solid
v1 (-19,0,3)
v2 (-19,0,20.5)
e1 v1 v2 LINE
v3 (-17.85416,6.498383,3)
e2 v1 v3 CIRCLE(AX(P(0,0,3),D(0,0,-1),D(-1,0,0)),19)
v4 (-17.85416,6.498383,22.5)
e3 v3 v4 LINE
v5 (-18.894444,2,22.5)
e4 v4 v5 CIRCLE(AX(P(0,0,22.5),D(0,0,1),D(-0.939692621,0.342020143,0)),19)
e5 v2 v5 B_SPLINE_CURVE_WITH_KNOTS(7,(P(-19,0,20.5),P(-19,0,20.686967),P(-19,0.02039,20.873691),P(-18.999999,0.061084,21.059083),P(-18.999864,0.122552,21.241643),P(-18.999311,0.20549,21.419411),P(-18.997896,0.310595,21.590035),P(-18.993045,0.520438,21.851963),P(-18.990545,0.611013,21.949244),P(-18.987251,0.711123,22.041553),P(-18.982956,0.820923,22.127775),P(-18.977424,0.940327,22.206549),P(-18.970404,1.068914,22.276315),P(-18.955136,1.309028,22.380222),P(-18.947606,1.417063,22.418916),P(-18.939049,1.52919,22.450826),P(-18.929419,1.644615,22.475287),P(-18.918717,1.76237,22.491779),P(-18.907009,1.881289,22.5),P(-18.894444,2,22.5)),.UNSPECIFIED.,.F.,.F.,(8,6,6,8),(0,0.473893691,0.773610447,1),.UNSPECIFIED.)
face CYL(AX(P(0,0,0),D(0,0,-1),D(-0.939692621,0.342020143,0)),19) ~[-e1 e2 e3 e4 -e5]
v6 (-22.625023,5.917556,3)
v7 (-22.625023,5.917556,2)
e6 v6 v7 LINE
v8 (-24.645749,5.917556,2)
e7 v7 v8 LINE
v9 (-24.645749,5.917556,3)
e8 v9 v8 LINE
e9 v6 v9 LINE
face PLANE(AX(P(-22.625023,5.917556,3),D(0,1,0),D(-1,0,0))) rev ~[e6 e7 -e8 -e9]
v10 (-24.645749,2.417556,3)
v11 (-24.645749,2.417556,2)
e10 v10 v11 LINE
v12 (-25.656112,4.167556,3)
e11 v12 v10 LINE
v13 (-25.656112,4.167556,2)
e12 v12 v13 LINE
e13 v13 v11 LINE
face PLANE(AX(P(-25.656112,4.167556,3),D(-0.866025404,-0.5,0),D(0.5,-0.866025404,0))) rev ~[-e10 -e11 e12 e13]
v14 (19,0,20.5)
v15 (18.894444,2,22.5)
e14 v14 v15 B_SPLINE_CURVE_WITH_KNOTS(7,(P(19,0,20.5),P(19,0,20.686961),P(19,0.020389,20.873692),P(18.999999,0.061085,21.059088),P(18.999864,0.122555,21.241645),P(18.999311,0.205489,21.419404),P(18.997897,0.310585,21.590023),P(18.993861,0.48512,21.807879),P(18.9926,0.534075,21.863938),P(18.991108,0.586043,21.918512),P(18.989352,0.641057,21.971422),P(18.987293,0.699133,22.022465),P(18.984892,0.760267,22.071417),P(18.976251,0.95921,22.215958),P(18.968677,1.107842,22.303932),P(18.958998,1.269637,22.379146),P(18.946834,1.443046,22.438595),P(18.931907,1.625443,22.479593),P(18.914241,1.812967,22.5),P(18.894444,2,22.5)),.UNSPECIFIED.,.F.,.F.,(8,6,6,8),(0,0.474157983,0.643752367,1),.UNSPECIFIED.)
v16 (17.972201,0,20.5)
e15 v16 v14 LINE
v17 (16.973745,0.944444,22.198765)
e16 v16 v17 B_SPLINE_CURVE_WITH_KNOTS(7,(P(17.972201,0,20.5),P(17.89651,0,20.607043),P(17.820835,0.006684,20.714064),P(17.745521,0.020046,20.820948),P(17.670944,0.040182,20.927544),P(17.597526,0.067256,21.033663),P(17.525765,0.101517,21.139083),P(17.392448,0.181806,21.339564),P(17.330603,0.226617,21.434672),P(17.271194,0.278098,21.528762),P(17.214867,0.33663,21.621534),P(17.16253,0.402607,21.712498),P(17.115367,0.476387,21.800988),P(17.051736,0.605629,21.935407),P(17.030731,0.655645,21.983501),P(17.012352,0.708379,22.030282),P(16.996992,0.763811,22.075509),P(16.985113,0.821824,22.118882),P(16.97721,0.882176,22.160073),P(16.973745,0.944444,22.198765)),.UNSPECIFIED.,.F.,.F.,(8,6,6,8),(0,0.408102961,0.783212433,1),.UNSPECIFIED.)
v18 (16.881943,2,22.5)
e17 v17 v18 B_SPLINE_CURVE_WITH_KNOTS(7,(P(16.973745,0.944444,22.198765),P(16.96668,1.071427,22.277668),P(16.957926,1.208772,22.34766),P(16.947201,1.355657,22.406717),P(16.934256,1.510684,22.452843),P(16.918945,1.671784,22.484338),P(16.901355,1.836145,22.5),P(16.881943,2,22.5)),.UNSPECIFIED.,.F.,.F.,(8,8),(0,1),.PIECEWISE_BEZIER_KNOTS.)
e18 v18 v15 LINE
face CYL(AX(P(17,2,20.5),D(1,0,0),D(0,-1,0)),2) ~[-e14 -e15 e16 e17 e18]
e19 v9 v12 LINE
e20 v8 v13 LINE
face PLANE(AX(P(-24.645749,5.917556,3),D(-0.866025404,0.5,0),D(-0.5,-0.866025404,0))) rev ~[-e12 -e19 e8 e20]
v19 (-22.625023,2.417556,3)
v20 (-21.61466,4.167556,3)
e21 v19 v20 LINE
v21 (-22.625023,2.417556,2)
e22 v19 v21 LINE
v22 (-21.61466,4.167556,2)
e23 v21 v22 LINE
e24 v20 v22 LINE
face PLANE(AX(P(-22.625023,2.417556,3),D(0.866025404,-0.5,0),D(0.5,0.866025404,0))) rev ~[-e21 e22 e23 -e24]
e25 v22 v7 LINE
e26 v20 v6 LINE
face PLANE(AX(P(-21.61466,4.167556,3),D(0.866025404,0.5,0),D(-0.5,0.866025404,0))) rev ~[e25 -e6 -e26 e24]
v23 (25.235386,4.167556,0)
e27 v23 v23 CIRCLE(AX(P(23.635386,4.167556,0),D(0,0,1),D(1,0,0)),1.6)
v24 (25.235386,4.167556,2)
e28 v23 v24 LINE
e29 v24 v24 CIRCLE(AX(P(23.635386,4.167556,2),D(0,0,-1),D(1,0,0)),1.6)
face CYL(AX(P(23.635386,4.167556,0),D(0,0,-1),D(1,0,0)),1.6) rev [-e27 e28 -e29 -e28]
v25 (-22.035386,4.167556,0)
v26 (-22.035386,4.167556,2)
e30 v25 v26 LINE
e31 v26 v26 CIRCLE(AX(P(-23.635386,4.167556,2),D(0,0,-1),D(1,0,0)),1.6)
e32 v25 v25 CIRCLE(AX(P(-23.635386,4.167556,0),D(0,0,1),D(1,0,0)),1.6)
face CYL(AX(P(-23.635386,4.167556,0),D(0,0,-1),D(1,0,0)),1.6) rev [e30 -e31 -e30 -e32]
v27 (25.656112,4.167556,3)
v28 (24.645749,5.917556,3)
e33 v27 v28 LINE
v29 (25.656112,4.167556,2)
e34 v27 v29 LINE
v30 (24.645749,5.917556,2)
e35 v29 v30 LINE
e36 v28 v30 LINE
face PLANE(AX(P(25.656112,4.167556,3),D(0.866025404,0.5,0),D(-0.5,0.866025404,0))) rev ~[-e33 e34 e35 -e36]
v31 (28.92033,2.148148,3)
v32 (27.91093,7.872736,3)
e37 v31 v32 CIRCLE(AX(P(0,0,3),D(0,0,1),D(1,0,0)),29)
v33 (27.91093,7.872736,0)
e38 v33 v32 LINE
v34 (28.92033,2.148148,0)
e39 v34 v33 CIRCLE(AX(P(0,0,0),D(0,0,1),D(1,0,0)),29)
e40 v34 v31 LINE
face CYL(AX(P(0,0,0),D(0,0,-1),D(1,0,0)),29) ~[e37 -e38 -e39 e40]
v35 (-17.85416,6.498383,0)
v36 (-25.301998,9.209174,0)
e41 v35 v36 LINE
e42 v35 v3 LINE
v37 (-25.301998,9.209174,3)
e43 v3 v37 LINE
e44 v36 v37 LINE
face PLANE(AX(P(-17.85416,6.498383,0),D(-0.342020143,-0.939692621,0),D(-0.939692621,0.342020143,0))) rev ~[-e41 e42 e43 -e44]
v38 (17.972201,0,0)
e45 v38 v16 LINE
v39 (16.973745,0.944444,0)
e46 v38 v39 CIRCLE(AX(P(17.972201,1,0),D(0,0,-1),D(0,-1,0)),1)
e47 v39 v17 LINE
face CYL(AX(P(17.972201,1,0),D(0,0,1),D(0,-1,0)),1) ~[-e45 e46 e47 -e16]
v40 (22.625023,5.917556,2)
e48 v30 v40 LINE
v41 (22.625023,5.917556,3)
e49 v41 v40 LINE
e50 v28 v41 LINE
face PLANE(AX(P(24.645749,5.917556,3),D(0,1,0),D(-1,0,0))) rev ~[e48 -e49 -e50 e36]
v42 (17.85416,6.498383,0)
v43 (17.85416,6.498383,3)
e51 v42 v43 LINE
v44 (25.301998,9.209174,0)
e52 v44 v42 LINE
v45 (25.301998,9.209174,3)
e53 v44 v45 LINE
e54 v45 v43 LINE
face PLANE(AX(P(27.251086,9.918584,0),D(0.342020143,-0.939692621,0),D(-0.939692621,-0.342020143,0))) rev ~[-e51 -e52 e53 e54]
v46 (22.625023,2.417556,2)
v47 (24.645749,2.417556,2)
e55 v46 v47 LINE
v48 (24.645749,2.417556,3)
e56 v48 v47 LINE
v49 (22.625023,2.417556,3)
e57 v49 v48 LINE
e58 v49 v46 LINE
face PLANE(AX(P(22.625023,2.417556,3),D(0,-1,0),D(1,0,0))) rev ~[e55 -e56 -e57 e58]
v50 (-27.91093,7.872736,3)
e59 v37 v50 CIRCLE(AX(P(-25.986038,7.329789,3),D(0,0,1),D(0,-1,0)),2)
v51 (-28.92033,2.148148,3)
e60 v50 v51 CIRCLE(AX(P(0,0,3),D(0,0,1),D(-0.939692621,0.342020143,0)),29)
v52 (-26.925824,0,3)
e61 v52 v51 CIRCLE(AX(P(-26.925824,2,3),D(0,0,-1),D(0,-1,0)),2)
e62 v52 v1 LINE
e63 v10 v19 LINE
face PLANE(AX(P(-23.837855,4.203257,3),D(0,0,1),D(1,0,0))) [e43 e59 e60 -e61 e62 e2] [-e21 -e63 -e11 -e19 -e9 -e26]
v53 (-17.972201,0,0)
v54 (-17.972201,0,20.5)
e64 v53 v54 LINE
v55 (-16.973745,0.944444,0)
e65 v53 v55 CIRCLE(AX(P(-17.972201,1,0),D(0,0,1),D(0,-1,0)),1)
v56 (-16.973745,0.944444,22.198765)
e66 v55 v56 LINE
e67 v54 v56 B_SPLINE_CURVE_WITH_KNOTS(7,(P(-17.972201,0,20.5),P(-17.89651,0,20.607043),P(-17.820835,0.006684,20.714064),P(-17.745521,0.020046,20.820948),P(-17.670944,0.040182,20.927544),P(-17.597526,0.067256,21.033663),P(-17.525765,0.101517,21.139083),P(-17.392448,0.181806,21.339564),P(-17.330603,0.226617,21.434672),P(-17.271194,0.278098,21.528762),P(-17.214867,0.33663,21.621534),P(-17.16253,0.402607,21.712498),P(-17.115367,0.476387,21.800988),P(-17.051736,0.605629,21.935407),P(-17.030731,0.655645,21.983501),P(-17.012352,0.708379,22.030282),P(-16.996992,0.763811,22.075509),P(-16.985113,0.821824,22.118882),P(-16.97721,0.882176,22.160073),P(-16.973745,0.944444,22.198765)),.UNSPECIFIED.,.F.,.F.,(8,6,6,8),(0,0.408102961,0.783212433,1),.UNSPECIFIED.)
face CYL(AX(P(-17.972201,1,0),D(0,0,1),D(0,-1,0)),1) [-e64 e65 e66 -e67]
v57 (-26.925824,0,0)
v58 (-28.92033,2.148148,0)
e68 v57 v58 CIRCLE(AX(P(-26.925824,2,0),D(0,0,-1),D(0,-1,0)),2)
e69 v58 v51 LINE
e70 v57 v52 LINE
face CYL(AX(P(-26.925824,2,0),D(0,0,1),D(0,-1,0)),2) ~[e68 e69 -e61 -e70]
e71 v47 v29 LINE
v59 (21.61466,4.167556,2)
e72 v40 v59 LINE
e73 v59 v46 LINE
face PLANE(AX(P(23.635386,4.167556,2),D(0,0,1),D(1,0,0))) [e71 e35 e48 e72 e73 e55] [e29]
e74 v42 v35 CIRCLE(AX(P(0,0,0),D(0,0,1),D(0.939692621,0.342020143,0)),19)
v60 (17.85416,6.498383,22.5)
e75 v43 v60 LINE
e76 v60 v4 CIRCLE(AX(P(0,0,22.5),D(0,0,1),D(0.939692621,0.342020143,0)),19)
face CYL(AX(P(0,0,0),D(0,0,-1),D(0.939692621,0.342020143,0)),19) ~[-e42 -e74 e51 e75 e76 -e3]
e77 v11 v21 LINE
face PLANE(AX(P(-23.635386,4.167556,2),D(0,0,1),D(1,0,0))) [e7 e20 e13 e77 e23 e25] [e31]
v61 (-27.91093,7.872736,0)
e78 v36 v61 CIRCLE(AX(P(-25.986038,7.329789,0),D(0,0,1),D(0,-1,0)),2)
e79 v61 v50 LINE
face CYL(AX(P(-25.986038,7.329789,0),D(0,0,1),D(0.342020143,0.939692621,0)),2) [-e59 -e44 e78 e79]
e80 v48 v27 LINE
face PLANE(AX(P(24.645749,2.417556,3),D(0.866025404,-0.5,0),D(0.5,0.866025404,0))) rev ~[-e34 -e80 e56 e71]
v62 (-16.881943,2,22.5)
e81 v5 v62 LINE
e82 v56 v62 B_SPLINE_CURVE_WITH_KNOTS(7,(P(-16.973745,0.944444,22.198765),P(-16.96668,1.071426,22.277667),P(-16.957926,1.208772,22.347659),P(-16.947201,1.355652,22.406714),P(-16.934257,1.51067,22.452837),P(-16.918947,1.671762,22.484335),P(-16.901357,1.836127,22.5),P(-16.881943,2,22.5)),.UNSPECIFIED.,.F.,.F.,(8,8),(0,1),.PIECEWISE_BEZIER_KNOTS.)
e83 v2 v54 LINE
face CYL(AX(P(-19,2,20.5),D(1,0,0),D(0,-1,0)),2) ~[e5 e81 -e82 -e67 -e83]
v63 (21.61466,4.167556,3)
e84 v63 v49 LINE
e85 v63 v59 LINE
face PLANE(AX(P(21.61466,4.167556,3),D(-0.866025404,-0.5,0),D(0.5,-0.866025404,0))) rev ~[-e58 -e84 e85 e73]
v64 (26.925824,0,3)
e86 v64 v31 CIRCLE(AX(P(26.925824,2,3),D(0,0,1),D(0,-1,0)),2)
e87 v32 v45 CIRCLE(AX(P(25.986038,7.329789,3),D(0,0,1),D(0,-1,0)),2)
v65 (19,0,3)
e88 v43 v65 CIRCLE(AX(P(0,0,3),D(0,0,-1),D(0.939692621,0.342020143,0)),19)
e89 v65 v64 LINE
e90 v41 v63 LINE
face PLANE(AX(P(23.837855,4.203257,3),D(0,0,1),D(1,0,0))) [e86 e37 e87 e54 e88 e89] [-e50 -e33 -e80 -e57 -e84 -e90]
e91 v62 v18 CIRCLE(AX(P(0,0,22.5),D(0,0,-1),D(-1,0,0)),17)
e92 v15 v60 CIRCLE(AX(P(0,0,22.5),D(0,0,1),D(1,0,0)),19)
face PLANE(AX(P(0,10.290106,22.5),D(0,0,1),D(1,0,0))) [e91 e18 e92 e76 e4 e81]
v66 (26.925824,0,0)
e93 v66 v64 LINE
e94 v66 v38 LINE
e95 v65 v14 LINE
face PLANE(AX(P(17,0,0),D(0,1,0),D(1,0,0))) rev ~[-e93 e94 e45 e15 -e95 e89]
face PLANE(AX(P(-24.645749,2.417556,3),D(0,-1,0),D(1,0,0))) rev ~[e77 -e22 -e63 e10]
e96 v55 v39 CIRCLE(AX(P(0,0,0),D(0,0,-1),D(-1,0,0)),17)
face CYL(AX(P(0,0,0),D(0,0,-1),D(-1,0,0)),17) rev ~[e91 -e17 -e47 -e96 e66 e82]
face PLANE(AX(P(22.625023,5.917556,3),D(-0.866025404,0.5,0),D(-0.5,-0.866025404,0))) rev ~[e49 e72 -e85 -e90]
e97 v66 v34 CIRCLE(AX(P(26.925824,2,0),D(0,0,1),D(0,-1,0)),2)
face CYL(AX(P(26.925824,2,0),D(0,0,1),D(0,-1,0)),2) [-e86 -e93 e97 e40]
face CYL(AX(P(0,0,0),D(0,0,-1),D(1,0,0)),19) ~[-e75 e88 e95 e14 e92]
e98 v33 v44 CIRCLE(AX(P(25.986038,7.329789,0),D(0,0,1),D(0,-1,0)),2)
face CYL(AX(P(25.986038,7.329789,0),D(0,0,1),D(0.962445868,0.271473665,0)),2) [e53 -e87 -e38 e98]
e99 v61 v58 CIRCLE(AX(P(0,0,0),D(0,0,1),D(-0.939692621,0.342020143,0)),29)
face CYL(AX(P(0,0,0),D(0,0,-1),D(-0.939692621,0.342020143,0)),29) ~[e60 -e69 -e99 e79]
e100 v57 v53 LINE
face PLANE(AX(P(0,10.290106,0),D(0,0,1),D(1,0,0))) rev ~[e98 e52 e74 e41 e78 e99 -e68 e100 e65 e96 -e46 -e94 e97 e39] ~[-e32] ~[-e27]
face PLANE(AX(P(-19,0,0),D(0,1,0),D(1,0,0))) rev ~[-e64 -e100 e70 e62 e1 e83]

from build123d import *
from OCP.BRepFilletAPI import BRepFilletAPI_MakeFillet

# Parameters (mm, degrees)
SKETCH2_R             = 1.6
BOSS_EXTRUDE1_DEPTH   = 3
BOSS_EXTRUDE1_2_DEPTH = 3
BOSS_EXTRUDE2_DEPTH   = 22.5
FILLET1_R1            = 2
FILLET1_R2            = 1
CUT_EXTRUDE2_DEPTH    = 1


with BuildPart() as part:
    # Sketch2 → Boss-Extrude1 (new body)
    with BuildSketch(Plane.XY):
        with BuildLine():
            ThreePointArc((-19, 0), (-18.711347307, 3.299315376), (-17.854159795, 6.498382723))
            Line((-17.854159795, 6.498382723), (-27.251086003, 9.918584156))
            ThreePointArc((-27.251086003, 9.918584156), (-28.559424837, 5.035797152), (-29, 0))
            Line((-29, 0), (-19, 0))
        make_face()
        with Locations((-23.635386072, 4.167556264)):
            Circle(SKETCH2_R, mode=Mode.SUBTRACT)
    extrude(amount=BOSS_EXTRUDE1_DEPTH)



with BuildPart() as body_2:
    # Sketch2 → Boss-Extrude1 2 (new body)
    with BuildSketch(Plane.XY):
        with BuildLine():
            ThreePointArc((17.854159795, 6.498382723), (18.711347307, 3.299315376), (19, 0))
            Line((19, 0), (29, 0))
            ThreePointArc((29, 0), (28.559424837, 5.035797152), (27.251086003, 9.918584156))
            Line((27.251086003, 9.918584156), (17.854159795, 6.498382723))
        make_face()
        with Locations((23.635386072, 4.167556264)):
            Circle(SKETCH2_R, mode=Mode.SUBTRACT)
    extrude(amount=BOSS_EXTRUDE1_2_DEPTH)


with BuildPart() as part_1:
    add(part.part)

    add(body_2.part)  # Boss-Extrude2 merges body 2
    # Sketch2<3> → Boss-Extrude2 (add)
    with BuildSketch(Plane.XY):
        with BuildLine():
            Line((-19, 0), (-17, 0))
            ThreePointArc((-17, 0), (0, 17), (17, 0))
            Line((17, 0), (19, 0))
            ThreePointArc((19, 0), (18.711347307, 3.299315376), (17.854159795, 6.498382723))
            ThreePointArc((17.854159795, 6.498382723), (0, 19), (-17.854159795, 6.498382723))
            ThreePointArc((-17.854159795, 6.498382723), (-18.711347307, 3.299315376), (-19, 0))
        make_face()
    extrude(amount=BOSS_EXTRUDE2_DEPTH)

    # Fillet1: one fillet with a radius per group of edges: ONE call of the kernel's fillet builder (fillet() takes one radius for all edges)
    fillet1_edges_1 = [part_1.edges().sort_by_distance(p)[0] for p in [
        (-29, 0, 1.5),
        (-27.251086003, 9.918584156, 1.5),
        (-18, 0, 22.5),
        (18, 0, 22.5),
        (29, 0, 1.5),
        (27.251086003, 9.918584156, 1.5),
    ]]
    fillet1_edges_2 = [part_1.edges().sort_by_distance(p)[0] for p in [
        (-17, 0, 11.25),
        (17, 0, 11.25),
    ]]
    fillet1 = BRepFilletAPI_MakeFillet(part_1.part.solid().wrapped)
    for e in fillet1_edges_1:
        fillet1.Add(FILLET1_R1, e.wrapped)
    for e in fillet1_edges_2:
        fillet1.Add(FILLET1_R2, e.wrapped)
    add(Compound.cast(fillet1.Shape()), mode=Mode.REPLACE)

    # Sketch4 → Cut-Extrude2 (cut)
    with BuildSketch(Plane.XY.offset(3)):
        Polygon((-21.61466013, 4.167556264), (-22.625023101, 5.917556264), (-24.645749043, 5.917556264), (-25.656112014, 4.167556264), (-24.645749043, 2.417556264), (-22.625023101, 2.417556264), align=None)
        Polygon((25.656112014, 4.167556264), (24.645749043, 5.917556264), (22.625023101, 5.917556264), (21.61466013, 4.167556264), (22.625023101, 2.417556264), (24.645749043, 2.417556264), align=None)
    extrude(amount=-CUT_EXTRUDE2_DEPTH, mode=Mode.SUBTRACT)


solid = part_1.part
